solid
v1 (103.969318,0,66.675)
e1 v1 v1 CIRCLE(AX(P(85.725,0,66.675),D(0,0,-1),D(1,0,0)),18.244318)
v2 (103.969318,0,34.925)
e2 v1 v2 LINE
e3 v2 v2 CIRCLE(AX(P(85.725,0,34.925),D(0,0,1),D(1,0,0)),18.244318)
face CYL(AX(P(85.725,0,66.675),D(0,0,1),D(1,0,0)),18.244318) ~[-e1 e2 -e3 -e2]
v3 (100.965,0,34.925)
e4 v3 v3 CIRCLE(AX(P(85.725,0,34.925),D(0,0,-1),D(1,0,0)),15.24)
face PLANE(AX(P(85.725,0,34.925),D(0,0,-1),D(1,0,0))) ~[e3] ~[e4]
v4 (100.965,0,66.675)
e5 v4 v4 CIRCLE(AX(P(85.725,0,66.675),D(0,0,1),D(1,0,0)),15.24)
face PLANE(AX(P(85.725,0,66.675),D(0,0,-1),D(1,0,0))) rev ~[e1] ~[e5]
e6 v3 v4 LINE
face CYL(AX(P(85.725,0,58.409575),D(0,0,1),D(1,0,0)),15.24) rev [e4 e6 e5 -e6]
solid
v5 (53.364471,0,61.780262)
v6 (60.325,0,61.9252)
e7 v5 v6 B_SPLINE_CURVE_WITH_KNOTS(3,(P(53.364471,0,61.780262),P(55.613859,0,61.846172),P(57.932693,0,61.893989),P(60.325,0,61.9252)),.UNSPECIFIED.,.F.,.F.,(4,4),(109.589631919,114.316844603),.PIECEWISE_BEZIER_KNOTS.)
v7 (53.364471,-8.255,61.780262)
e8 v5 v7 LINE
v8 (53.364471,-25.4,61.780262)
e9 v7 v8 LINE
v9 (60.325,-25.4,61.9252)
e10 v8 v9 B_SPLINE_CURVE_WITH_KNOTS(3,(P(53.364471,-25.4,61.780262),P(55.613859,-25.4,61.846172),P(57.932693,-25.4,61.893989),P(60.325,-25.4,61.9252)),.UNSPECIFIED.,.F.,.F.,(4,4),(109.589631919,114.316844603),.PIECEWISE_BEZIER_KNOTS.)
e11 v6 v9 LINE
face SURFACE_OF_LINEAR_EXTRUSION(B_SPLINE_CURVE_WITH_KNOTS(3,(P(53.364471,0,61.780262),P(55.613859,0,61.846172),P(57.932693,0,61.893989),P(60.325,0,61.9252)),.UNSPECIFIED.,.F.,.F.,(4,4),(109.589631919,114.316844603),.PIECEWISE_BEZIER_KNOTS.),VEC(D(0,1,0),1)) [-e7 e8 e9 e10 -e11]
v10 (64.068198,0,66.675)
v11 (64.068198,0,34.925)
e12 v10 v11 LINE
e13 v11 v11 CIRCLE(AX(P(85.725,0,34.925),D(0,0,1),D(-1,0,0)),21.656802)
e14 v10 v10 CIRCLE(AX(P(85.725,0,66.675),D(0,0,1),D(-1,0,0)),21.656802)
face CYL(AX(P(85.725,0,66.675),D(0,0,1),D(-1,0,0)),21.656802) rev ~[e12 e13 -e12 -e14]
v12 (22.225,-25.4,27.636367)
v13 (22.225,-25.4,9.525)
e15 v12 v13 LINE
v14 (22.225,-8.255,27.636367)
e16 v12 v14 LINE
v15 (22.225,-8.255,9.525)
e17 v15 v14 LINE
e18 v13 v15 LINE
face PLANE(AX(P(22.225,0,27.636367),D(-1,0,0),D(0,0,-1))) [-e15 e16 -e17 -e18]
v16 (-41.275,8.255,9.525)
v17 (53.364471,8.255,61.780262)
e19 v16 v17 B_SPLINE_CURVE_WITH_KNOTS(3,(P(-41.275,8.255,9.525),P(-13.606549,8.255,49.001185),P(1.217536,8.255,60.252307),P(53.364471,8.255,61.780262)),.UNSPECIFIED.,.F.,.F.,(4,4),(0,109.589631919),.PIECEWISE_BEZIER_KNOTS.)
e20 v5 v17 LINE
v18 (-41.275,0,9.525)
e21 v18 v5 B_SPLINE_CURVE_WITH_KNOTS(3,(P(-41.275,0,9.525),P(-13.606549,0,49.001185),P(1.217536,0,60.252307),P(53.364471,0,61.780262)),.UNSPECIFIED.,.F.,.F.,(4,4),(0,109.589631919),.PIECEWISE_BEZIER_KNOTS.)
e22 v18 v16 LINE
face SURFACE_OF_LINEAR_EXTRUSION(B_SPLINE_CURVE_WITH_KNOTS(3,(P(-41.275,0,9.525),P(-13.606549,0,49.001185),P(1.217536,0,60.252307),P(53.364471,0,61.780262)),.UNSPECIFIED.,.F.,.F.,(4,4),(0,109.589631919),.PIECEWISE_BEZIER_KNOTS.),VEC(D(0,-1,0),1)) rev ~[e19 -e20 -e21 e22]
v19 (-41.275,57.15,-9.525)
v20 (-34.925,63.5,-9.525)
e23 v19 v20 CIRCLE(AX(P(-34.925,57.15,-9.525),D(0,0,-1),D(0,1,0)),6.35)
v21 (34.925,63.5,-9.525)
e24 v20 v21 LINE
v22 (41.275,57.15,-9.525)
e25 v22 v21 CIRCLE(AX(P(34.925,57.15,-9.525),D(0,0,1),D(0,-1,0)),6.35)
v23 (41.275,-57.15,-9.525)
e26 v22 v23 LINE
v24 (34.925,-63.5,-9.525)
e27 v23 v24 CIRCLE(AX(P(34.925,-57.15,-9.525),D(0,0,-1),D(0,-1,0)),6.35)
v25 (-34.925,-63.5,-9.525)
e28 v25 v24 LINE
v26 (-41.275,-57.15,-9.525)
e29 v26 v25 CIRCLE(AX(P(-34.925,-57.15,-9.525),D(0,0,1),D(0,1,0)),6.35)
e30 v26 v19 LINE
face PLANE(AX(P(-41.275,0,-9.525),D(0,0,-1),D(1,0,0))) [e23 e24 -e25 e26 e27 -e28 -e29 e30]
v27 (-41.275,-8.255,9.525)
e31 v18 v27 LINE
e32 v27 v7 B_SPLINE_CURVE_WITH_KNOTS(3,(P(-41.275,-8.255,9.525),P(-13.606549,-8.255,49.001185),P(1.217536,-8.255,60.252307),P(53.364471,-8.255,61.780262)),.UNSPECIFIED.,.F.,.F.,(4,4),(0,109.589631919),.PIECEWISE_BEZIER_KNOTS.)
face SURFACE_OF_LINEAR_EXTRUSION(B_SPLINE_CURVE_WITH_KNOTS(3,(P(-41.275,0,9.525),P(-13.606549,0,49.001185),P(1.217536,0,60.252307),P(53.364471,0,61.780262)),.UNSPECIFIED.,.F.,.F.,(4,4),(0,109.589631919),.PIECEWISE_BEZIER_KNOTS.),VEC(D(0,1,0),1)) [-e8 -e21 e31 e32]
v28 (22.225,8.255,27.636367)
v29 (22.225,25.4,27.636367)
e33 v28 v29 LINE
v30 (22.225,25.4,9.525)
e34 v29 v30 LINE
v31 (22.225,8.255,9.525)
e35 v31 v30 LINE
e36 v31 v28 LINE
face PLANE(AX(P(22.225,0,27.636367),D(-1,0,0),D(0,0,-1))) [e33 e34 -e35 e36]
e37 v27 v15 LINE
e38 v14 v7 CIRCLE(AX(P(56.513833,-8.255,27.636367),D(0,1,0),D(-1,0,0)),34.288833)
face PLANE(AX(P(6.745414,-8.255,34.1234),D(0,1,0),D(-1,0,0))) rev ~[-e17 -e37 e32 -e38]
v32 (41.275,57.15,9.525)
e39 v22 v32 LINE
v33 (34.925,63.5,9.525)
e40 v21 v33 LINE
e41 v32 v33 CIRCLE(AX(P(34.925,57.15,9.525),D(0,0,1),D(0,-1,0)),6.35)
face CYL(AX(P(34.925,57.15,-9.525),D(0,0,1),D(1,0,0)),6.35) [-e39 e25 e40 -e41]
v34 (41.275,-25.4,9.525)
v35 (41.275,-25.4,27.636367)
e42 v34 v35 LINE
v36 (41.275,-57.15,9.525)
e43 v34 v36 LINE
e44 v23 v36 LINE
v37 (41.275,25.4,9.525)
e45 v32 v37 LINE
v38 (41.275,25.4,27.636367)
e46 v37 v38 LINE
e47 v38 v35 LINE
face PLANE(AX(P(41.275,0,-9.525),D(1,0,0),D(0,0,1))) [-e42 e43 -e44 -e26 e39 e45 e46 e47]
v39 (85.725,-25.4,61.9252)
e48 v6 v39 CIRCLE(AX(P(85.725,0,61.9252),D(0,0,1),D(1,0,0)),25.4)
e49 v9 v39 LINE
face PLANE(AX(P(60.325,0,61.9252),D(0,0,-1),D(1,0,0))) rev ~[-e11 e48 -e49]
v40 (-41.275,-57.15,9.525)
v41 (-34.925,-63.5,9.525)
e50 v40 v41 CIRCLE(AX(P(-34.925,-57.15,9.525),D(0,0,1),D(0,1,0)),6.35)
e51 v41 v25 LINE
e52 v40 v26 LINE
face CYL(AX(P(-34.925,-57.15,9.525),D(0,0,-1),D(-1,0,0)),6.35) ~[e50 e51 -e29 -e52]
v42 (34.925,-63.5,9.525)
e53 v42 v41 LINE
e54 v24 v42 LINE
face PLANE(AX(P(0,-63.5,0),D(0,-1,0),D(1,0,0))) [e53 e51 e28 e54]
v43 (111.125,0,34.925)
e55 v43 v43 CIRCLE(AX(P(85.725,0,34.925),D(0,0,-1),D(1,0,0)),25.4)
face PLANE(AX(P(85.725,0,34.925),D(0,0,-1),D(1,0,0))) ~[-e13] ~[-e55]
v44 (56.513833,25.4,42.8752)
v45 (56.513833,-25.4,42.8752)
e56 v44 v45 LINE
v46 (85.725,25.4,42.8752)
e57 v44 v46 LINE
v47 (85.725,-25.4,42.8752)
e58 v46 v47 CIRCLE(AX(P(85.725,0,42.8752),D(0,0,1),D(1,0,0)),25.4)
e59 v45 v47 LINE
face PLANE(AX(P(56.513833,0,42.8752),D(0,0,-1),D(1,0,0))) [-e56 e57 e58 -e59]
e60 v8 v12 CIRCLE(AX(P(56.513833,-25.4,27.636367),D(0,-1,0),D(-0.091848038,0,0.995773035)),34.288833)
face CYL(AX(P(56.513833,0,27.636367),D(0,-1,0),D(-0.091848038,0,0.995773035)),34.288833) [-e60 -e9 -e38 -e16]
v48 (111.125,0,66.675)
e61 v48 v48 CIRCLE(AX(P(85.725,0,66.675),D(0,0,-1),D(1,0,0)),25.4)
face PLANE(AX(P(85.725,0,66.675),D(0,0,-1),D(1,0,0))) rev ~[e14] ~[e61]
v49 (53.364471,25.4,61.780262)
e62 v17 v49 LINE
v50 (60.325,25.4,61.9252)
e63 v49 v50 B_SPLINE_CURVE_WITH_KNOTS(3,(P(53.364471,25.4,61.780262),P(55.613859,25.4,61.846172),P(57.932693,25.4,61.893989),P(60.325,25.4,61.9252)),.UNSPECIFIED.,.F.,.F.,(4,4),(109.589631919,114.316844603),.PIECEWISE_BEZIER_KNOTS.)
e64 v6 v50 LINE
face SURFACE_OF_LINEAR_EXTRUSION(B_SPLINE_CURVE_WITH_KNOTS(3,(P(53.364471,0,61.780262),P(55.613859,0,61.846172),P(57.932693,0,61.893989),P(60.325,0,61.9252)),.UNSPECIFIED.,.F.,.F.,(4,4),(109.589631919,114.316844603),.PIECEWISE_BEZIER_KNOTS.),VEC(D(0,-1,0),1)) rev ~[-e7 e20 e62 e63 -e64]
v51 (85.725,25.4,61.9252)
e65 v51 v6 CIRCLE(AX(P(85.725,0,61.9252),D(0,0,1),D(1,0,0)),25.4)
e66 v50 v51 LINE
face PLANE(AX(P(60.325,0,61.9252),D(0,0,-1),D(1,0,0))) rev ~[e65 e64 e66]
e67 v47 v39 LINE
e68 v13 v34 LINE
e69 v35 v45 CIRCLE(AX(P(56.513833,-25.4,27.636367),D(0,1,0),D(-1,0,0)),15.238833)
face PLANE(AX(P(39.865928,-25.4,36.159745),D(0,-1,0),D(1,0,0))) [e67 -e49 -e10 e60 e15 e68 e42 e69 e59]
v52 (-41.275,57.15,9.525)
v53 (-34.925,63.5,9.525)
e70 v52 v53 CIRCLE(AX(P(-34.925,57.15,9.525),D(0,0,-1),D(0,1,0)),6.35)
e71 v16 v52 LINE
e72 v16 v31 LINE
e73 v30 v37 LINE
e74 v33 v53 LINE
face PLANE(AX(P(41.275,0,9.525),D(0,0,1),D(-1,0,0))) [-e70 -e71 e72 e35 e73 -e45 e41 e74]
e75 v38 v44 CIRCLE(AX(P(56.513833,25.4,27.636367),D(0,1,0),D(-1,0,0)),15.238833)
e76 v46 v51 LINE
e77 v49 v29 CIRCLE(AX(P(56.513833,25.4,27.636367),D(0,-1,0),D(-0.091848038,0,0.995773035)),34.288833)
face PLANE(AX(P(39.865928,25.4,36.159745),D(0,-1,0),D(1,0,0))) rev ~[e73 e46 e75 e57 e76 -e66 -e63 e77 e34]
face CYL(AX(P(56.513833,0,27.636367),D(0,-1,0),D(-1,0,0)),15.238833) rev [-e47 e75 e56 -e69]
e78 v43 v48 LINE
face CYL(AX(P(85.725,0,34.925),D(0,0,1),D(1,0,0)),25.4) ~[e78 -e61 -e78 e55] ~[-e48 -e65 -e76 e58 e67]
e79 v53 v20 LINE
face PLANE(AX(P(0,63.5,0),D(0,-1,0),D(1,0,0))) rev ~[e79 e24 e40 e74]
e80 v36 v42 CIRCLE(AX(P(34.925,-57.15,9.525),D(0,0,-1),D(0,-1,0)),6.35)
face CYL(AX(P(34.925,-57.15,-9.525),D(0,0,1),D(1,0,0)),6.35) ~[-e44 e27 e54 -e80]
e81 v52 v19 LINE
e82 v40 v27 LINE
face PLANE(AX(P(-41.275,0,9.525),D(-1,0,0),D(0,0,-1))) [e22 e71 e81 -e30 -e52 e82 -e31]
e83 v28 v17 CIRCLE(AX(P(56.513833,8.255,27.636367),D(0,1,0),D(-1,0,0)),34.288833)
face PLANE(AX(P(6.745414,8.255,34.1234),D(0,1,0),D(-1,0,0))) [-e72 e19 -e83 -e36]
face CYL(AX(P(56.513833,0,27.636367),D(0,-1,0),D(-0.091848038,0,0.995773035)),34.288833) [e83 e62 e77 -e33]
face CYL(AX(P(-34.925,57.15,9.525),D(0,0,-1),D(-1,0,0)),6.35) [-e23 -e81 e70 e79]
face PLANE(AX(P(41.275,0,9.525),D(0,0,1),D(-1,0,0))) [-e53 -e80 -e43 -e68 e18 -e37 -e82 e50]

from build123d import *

# Parameters (mm, degrees)
F1_DEPTH = 63.5
F0_W     = 25.4
F0_H     = 19.05
F2_DEPTH = 25.4
F3_DEPTH = 8.255
F5_R     = 6.35
F6_W     = 15.24
F6_H     = 46.9691504169
F9_DEPTH = 50.8


with BuildPart() as f1:
    # F0 (on Front) → F1 (new body, symmetric)
    with BuildSketch(Plane.XZ):
        Polygon((-41.275, -9.525), (41.275, -9.525), (41.275, 9.525), (22.225, 9.525), (-41.275, 9.525), align=None)
    extrude(amount=F1_DEPTH, both=True)

    # F0 (on Front) → F2 (join, symmetric)
    with BuildSketch(Plane.XZ):
        with BuildLine():
            Line((22.225, 9.525), (41.275, 9.525))
            Line((41.275, 9.525), (41.275, 27.6363673073))
            ThreePointArc((41.275, 27.6363673073), (45.7383507583, 38.4118492417), (56.5138326927, 42.8752))
            Line((56.5138326927, 42.8752), (60.325, 42.8752))
            Line((60.325, 42.8752), (60.325, 61.9252))
            add(Edge.make_bspline(
                [(53.3644706979, 61.7802623173), (55.6138591424, 61.8461715682), (57.932693412, 61.8939891327), (60.325, 61.9252)],
                knots=[109.5896319185, 109.5896319185, 109.5896319185, 109.5896319185, 114.3168446032, 114.3168446032, 114.3168446032, 114.3168446032], degree=3))
            ThreePointArc((53.3644706979, 61.7802623173), (31.1789556064, 50.7419521398), (22.225, 27.6363673073))
            Line((22.225, 27.6363673073), (22.225, 9.525))
        make_face()
        with Locations((73.025, 52.4002)):
            Rectangle(F0_W, F0_H)
    extrude(amount=F2_DEPTH, both=True)

    # F0 (on Front) → F3 (join, symmetric)
    with BuildSketch(Plane.XZ):
        with BuildLine():
            add(Edge.make_bspline(
                [(-41.275, 9.525), (-13.606549455, 49.0011852819), (1.217535892, 60.2523068328), (53.3644706979, 61.7802623173)],
                knots=[0, 0, 0, 0, 109.5896319185, 109.5896319185, 109.5896319185, 109.5896319185], degree=3))
            Line((-41.275, 9.525), (22.225, 9.525))
            Line((22.225, 9.525), (22.225, 27.6363673073))
            ThreePointArc((22.225, 27.6363673073), (31.1789556064, 50.7419521398), (53.3644706979, 61.7802623173))
        make_face()
    extrude(amount=F3_DEPTH, both=True)

    # F0 (on Front) → F4 (revolve)
    with BuildSketch(Plane.XZ):
        Polygon((85.725, 66.675), (85.725, 61.9252), (85.725, 42.8752), (85.725, 34.925), (111.125, 34.925), (111.125, 66.675), align=None)
    revolve(axis=Axis((85.725, 0, 50.8), (0, 0, -1)))

    # F5
    f5_edges = [f1.edges().sort_by_distance(p)[0] for p in [
        (-41.275, -63.5, 0),
        (41.275, -63.5, 0),
        (41.275, 63.5, 0),
        (-41.275, 63.5, 0),
    ]]
    fillet(f5_edges, radius=F5_R)

    # F6 (on Front) → F7 (revolve, cut)
    with BuildSketch(Plane.XZ):
        with Locations((93.345, 58.4095752084)):
            Rectangle(F6_W, F6_H)
    revolve(axis=Axis((85.725, 0, 58.4095752084), (0, 0, -1)), mode=Mode.SUBTRACT)

    # F8 (on face) → F9 (cut)
    with BuildSketch(Plane.XY.offset(66.675)):
        with BuildLine():
            ThreePointArc((67.4806815774, 0), (85.725, 18.2443184226), (103.9693184226, 0))
            Line((103.9693184226, 0), (107.3818019288, 0))
            ThreePointArc((107.3818019288, 0), (85.725, 21.6568019288), (64.0681980712, 0))
            Line((64.0681980712, 0), (67.4806815774, 0))
        make_face()
        with BuildLine():
            Line((107.3818019288, 0), (103.9693184226, 0))
            ThreePointArc((103.9693184226, 0), (85.725, -18.2443184226), (67.4806815774, 0))
            Line((67.4806815774, 0), (64.0681980712, 0))
            ThreePointArc((64.0681980712, 0), (85.725, -21.6568019288), (107.3818019288, 0))
        make_face()
    extrude(amount=-F9_DEPTH, mode=Mode.SUBTRACT)


solid = f1.part
